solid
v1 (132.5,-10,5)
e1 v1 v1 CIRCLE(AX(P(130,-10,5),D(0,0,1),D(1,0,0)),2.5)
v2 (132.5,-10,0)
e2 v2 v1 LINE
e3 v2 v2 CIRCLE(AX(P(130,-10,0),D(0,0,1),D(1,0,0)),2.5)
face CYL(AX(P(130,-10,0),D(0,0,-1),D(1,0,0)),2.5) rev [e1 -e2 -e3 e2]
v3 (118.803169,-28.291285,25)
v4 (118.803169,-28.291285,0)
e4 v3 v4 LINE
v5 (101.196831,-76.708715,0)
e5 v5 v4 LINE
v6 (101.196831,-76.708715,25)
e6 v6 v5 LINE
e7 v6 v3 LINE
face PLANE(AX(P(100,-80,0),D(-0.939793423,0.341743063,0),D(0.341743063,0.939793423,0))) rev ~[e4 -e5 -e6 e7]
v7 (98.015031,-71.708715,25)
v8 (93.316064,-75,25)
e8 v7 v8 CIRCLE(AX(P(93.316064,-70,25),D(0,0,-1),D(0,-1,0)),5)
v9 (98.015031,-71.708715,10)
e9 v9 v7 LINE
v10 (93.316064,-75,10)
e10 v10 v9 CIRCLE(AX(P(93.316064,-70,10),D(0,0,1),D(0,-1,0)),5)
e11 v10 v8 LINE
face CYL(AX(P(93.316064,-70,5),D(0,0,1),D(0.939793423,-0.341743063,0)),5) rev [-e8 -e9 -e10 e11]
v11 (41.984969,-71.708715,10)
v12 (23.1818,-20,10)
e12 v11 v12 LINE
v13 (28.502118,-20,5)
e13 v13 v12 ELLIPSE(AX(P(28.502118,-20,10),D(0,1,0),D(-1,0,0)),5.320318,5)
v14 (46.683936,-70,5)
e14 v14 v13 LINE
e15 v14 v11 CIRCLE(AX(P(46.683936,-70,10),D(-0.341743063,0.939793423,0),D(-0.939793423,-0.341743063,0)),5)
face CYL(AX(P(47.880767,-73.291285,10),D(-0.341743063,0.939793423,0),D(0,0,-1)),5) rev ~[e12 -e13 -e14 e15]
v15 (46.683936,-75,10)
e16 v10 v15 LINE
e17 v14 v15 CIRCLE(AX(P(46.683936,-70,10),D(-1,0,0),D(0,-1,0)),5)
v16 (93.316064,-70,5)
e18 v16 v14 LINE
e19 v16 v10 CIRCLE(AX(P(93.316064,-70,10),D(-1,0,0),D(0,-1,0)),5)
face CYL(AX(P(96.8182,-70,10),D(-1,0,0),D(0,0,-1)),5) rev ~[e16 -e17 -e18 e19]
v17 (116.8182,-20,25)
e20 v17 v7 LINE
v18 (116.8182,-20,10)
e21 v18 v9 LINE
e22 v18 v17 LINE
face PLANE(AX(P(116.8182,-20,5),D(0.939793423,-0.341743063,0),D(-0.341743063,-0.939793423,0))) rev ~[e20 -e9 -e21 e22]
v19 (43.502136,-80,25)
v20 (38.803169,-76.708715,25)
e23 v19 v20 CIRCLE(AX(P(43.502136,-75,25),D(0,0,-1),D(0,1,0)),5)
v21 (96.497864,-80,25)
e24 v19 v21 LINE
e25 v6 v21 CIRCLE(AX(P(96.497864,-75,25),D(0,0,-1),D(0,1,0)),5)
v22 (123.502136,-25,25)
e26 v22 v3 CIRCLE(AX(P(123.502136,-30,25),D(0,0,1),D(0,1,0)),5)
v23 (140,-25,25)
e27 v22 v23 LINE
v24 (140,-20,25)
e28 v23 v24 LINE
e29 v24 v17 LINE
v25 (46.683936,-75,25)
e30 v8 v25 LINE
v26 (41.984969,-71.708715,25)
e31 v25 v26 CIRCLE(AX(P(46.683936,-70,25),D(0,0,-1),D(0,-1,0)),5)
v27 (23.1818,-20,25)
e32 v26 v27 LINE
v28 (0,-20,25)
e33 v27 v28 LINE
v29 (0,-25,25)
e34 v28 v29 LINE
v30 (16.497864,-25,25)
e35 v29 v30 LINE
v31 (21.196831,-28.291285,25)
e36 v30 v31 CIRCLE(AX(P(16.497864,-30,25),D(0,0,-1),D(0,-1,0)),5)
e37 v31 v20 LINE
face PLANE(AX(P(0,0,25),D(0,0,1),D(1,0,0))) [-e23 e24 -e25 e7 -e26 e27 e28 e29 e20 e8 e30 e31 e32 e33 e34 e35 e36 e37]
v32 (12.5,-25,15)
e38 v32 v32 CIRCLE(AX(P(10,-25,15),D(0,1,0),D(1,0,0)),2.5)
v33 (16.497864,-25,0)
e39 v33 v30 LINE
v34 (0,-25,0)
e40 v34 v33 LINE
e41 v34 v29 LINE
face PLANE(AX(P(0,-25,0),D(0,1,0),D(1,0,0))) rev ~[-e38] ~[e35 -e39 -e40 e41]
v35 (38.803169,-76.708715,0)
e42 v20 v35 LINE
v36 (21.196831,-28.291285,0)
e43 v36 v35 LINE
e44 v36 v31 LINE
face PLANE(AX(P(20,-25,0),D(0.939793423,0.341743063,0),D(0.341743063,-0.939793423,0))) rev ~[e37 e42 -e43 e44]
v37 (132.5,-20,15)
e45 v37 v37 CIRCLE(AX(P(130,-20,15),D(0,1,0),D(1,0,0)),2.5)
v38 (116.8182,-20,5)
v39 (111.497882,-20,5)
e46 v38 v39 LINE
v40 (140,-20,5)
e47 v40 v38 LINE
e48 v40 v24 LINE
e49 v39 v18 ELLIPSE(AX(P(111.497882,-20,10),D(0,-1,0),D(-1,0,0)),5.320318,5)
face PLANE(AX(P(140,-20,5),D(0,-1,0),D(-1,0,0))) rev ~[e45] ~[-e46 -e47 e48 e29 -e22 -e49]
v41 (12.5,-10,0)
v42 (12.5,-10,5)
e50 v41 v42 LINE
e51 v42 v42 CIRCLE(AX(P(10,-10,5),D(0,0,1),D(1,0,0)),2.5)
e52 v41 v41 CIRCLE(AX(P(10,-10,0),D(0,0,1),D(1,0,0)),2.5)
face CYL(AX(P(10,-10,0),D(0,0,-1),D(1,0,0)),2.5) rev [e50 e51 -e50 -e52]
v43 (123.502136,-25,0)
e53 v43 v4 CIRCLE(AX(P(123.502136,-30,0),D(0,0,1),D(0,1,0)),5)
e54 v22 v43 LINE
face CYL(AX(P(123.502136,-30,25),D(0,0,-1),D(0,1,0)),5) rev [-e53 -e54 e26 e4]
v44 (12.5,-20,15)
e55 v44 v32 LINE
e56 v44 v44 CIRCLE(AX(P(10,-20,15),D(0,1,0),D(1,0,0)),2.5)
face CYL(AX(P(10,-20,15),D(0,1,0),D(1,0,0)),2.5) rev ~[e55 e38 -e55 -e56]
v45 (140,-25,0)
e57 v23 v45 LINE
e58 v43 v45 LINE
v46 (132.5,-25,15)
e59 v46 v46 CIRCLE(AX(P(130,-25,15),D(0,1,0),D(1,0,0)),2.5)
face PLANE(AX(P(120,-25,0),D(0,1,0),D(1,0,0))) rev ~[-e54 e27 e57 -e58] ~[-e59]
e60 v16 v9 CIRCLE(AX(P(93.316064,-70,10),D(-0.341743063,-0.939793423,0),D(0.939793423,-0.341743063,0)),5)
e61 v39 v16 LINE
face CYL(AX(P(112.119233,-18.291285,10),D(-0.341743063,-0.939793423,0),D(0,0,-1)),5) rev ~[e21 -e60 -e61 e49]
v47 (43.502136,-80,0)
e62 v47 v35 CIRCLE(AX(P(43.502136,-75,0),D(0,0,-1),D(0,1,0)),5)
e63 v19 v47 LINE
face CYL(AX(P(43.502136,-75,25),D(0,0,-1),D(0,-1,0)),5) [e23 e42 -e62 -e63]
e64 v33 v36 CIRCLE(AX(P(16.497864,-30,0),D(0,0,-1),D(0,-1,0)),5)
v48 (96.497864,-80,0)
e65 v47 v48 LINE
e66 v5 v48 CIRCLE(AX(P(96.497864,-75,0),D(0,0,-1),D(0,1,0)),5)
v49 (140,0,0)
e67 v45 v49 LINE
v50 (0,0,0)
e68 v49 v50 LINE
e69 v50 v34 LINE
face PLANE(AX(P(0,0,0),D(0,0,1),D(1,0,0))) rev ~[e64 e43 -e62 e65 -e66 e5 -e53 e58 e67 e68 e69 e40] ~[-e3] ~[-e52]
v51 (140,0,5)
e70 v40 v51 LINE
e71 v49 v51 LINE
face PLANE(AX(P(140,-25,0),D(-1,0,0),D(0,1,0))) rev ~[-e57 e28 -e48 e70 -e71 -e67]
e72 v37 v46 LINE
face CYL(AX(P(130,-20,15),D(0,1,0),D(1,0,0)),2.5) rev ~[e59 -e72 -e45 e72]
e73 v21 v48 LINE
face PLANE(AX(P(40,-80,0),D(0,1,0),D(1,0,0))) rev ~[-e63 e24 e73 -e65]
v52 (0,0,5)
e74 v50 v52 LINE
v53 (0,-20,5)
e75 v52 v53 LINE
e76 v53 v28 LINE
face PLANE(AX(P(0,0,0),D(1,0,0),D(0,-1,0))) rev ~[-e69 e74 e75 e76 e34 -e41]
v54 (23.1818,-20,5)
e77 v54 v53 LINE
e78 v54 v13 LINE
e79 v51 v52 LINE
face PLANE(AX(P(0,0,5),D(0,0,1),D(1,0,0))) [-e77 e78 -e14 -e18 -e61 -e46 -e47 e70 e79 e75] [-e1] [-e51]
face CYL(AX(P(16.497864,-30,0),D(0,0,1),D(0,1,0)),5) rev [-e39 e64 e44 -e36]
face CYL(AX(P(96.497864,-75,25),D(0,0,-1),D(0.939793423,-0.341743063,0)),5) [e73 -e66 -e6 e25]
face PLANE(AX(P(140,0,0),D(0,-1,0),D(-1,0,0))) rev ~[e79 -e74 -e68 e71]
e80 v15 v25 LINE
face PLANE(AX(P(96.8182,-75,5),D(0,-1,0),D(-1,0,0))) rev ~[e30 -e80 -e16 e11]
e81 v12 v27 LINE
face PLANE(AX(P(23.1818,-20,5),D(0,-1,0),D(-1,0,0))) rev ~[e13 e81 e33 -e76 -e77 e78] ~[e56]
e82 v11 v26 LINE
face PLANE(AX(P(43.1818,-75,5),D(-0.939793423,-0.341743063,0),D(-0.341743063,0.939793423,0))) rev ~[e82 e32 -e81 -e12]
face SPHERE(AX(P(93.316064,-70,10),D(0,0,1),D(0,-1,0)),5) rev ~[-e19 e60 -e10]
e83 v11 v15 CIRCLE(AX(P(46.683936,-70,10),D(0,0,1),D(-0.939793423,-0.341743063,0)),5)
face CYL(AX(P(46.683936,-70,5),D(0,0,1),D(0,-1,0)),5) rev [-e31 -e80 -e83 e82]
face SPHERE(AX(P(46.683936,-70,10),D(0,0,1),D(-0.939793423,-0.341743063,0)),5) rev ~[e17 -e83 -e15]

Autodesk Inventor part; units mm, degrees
ref_plane "YZ Plane" through (0, 0, 0) normal (1, 0, 0) x (0, 1, 0)
ref_plane "XZ Plane" through (0, 0, 0) normal (0, 1, 0) x (-1, 0, 0)
ref_plane "XY Plane" through (0, 0, 0) normal (0, 0, 1) x (1, 0, 0)
sketch "スケッチ1" plane through (0, 0, 0) normal (0, 0, 1) x (1, 0, 0)
  line L0 (0, 0) -> (0, -25)
  line L1 (0, -25) -> (20, -25)
  line L2 (20, -25) -> (40, -80)
  line L3 (40, -80) -> (100, -80)
  line L4 (100, -80) -> (120, -25)
  line L5 (120, -25) -> (140, -25)
  line L6 (140, -25) -> (140, 0)
  line L7 (140, 0) -> (0, 0)
  line L8 (0, -20) -> (140, -20) construction
  line L9 (0, -10) -> (140, -10) construction
  circle A0 centre (10, -10) radius 2.5
  circle A1 centre (130, -10) radius 2.5
  dimension "d14" = 20
  dimension "d15" = 25
  dimension "d16" = 140
  dimension "d17" = 20
  dimension "d18" = 60
  dimension "d19" = 60
  dimension "d20" = 5
  dimension "d21" = 10
  dimension "d22" = 10
  dimension "d23" = 10
extrude "押し出し3" add sketch "スケッチ1" along normal blind 5
sketch "スケッチ3" plane through (0, 0, 5) normal (0, 0, 1) x (1, 0, 0)
  line L0 (0, 0) -> (0, -25) projected
  line L1 (0, -20) -> (0, -25)
  line L2 (0, -25) -> (20, -25) projected
  line L3 (0, -25) -> (20, -25)
  line L4 (20, -25) -> (40, -80) projected
  line L5 (20, -25) -> (40, -80)
  line L6 (40, -80) -> (100, -80) projected
  line L7 (40, -80) -> (100, -80)
  line L8 (120, -25) -> (140, -25) projected
  line L9 (100, -80) -> (120, -25)
  line L10 (120, -25) -> (140, -25)
  line L11 (140, -25) -> (140, 0)
  line L12 (140, -25) -> (140, -20)
  line L13 (140, -20) -> (116.8182, -20)
  line L14 (116.8182, -20) -> (96.8182, -75)
  line L15 (96.8182, -75) -> (43.1818, -75)
  line L16 (43.1818, -75) -> (23.1818, -20)
  line L17 (23.1818, -20) -> (0, -20)
  line L18 (100, -80) -> (120, -25) projected
  line L19 (43.1818, -75) -> (45, -80) construction
  dimension "d26" = 5
  dimension "d28" = 5
  dimension "d29" = 5
extrude "押し出し4" add sketch "スケッチ3" along normal blind 20
sketch "スケッチ4" plane through (116.8182, -20, 5) normal (0, 1, 0) x (1, 0, 0)
  line L0 (23.1818, 5) -> (23.1818, -20) construction
  line L1 (23.1818, -10) -> (-116.4286, -10) construction
  line L2 (23.1818, -20) -> (0, -20) construction
  circle A0 centre (13.1818, -10) radius 2.5
  circle A1 centre (-106.8182, -10) radius 2.5
  line L3 (-116.8182, 0) -> (-116.8182, -20) construction
  point P0 (-116.8182, 5)
  dimension "d32" = 10
  dimension "d33" = 10
  dimension "d34" = 5
  dimension "d35" = 10
extrude "押し出し5" cut sketch "スケッチ4" against normal blind 20
fillet "フィレット1" radius 5 3 edges at (33.1818, -47.5, 5) (70, -75, 5) (106.8182, -47.5, 5)
fillet "フィレット1" radius 5 6 edges at (20, -25, 12.5) (120, -25, 12.5) (43.1818, -75, 15) (96.8182, -75, 15) (40, -80, 12.5) (100, -80, 12.5)
properties part number "エンコーダガード2"
